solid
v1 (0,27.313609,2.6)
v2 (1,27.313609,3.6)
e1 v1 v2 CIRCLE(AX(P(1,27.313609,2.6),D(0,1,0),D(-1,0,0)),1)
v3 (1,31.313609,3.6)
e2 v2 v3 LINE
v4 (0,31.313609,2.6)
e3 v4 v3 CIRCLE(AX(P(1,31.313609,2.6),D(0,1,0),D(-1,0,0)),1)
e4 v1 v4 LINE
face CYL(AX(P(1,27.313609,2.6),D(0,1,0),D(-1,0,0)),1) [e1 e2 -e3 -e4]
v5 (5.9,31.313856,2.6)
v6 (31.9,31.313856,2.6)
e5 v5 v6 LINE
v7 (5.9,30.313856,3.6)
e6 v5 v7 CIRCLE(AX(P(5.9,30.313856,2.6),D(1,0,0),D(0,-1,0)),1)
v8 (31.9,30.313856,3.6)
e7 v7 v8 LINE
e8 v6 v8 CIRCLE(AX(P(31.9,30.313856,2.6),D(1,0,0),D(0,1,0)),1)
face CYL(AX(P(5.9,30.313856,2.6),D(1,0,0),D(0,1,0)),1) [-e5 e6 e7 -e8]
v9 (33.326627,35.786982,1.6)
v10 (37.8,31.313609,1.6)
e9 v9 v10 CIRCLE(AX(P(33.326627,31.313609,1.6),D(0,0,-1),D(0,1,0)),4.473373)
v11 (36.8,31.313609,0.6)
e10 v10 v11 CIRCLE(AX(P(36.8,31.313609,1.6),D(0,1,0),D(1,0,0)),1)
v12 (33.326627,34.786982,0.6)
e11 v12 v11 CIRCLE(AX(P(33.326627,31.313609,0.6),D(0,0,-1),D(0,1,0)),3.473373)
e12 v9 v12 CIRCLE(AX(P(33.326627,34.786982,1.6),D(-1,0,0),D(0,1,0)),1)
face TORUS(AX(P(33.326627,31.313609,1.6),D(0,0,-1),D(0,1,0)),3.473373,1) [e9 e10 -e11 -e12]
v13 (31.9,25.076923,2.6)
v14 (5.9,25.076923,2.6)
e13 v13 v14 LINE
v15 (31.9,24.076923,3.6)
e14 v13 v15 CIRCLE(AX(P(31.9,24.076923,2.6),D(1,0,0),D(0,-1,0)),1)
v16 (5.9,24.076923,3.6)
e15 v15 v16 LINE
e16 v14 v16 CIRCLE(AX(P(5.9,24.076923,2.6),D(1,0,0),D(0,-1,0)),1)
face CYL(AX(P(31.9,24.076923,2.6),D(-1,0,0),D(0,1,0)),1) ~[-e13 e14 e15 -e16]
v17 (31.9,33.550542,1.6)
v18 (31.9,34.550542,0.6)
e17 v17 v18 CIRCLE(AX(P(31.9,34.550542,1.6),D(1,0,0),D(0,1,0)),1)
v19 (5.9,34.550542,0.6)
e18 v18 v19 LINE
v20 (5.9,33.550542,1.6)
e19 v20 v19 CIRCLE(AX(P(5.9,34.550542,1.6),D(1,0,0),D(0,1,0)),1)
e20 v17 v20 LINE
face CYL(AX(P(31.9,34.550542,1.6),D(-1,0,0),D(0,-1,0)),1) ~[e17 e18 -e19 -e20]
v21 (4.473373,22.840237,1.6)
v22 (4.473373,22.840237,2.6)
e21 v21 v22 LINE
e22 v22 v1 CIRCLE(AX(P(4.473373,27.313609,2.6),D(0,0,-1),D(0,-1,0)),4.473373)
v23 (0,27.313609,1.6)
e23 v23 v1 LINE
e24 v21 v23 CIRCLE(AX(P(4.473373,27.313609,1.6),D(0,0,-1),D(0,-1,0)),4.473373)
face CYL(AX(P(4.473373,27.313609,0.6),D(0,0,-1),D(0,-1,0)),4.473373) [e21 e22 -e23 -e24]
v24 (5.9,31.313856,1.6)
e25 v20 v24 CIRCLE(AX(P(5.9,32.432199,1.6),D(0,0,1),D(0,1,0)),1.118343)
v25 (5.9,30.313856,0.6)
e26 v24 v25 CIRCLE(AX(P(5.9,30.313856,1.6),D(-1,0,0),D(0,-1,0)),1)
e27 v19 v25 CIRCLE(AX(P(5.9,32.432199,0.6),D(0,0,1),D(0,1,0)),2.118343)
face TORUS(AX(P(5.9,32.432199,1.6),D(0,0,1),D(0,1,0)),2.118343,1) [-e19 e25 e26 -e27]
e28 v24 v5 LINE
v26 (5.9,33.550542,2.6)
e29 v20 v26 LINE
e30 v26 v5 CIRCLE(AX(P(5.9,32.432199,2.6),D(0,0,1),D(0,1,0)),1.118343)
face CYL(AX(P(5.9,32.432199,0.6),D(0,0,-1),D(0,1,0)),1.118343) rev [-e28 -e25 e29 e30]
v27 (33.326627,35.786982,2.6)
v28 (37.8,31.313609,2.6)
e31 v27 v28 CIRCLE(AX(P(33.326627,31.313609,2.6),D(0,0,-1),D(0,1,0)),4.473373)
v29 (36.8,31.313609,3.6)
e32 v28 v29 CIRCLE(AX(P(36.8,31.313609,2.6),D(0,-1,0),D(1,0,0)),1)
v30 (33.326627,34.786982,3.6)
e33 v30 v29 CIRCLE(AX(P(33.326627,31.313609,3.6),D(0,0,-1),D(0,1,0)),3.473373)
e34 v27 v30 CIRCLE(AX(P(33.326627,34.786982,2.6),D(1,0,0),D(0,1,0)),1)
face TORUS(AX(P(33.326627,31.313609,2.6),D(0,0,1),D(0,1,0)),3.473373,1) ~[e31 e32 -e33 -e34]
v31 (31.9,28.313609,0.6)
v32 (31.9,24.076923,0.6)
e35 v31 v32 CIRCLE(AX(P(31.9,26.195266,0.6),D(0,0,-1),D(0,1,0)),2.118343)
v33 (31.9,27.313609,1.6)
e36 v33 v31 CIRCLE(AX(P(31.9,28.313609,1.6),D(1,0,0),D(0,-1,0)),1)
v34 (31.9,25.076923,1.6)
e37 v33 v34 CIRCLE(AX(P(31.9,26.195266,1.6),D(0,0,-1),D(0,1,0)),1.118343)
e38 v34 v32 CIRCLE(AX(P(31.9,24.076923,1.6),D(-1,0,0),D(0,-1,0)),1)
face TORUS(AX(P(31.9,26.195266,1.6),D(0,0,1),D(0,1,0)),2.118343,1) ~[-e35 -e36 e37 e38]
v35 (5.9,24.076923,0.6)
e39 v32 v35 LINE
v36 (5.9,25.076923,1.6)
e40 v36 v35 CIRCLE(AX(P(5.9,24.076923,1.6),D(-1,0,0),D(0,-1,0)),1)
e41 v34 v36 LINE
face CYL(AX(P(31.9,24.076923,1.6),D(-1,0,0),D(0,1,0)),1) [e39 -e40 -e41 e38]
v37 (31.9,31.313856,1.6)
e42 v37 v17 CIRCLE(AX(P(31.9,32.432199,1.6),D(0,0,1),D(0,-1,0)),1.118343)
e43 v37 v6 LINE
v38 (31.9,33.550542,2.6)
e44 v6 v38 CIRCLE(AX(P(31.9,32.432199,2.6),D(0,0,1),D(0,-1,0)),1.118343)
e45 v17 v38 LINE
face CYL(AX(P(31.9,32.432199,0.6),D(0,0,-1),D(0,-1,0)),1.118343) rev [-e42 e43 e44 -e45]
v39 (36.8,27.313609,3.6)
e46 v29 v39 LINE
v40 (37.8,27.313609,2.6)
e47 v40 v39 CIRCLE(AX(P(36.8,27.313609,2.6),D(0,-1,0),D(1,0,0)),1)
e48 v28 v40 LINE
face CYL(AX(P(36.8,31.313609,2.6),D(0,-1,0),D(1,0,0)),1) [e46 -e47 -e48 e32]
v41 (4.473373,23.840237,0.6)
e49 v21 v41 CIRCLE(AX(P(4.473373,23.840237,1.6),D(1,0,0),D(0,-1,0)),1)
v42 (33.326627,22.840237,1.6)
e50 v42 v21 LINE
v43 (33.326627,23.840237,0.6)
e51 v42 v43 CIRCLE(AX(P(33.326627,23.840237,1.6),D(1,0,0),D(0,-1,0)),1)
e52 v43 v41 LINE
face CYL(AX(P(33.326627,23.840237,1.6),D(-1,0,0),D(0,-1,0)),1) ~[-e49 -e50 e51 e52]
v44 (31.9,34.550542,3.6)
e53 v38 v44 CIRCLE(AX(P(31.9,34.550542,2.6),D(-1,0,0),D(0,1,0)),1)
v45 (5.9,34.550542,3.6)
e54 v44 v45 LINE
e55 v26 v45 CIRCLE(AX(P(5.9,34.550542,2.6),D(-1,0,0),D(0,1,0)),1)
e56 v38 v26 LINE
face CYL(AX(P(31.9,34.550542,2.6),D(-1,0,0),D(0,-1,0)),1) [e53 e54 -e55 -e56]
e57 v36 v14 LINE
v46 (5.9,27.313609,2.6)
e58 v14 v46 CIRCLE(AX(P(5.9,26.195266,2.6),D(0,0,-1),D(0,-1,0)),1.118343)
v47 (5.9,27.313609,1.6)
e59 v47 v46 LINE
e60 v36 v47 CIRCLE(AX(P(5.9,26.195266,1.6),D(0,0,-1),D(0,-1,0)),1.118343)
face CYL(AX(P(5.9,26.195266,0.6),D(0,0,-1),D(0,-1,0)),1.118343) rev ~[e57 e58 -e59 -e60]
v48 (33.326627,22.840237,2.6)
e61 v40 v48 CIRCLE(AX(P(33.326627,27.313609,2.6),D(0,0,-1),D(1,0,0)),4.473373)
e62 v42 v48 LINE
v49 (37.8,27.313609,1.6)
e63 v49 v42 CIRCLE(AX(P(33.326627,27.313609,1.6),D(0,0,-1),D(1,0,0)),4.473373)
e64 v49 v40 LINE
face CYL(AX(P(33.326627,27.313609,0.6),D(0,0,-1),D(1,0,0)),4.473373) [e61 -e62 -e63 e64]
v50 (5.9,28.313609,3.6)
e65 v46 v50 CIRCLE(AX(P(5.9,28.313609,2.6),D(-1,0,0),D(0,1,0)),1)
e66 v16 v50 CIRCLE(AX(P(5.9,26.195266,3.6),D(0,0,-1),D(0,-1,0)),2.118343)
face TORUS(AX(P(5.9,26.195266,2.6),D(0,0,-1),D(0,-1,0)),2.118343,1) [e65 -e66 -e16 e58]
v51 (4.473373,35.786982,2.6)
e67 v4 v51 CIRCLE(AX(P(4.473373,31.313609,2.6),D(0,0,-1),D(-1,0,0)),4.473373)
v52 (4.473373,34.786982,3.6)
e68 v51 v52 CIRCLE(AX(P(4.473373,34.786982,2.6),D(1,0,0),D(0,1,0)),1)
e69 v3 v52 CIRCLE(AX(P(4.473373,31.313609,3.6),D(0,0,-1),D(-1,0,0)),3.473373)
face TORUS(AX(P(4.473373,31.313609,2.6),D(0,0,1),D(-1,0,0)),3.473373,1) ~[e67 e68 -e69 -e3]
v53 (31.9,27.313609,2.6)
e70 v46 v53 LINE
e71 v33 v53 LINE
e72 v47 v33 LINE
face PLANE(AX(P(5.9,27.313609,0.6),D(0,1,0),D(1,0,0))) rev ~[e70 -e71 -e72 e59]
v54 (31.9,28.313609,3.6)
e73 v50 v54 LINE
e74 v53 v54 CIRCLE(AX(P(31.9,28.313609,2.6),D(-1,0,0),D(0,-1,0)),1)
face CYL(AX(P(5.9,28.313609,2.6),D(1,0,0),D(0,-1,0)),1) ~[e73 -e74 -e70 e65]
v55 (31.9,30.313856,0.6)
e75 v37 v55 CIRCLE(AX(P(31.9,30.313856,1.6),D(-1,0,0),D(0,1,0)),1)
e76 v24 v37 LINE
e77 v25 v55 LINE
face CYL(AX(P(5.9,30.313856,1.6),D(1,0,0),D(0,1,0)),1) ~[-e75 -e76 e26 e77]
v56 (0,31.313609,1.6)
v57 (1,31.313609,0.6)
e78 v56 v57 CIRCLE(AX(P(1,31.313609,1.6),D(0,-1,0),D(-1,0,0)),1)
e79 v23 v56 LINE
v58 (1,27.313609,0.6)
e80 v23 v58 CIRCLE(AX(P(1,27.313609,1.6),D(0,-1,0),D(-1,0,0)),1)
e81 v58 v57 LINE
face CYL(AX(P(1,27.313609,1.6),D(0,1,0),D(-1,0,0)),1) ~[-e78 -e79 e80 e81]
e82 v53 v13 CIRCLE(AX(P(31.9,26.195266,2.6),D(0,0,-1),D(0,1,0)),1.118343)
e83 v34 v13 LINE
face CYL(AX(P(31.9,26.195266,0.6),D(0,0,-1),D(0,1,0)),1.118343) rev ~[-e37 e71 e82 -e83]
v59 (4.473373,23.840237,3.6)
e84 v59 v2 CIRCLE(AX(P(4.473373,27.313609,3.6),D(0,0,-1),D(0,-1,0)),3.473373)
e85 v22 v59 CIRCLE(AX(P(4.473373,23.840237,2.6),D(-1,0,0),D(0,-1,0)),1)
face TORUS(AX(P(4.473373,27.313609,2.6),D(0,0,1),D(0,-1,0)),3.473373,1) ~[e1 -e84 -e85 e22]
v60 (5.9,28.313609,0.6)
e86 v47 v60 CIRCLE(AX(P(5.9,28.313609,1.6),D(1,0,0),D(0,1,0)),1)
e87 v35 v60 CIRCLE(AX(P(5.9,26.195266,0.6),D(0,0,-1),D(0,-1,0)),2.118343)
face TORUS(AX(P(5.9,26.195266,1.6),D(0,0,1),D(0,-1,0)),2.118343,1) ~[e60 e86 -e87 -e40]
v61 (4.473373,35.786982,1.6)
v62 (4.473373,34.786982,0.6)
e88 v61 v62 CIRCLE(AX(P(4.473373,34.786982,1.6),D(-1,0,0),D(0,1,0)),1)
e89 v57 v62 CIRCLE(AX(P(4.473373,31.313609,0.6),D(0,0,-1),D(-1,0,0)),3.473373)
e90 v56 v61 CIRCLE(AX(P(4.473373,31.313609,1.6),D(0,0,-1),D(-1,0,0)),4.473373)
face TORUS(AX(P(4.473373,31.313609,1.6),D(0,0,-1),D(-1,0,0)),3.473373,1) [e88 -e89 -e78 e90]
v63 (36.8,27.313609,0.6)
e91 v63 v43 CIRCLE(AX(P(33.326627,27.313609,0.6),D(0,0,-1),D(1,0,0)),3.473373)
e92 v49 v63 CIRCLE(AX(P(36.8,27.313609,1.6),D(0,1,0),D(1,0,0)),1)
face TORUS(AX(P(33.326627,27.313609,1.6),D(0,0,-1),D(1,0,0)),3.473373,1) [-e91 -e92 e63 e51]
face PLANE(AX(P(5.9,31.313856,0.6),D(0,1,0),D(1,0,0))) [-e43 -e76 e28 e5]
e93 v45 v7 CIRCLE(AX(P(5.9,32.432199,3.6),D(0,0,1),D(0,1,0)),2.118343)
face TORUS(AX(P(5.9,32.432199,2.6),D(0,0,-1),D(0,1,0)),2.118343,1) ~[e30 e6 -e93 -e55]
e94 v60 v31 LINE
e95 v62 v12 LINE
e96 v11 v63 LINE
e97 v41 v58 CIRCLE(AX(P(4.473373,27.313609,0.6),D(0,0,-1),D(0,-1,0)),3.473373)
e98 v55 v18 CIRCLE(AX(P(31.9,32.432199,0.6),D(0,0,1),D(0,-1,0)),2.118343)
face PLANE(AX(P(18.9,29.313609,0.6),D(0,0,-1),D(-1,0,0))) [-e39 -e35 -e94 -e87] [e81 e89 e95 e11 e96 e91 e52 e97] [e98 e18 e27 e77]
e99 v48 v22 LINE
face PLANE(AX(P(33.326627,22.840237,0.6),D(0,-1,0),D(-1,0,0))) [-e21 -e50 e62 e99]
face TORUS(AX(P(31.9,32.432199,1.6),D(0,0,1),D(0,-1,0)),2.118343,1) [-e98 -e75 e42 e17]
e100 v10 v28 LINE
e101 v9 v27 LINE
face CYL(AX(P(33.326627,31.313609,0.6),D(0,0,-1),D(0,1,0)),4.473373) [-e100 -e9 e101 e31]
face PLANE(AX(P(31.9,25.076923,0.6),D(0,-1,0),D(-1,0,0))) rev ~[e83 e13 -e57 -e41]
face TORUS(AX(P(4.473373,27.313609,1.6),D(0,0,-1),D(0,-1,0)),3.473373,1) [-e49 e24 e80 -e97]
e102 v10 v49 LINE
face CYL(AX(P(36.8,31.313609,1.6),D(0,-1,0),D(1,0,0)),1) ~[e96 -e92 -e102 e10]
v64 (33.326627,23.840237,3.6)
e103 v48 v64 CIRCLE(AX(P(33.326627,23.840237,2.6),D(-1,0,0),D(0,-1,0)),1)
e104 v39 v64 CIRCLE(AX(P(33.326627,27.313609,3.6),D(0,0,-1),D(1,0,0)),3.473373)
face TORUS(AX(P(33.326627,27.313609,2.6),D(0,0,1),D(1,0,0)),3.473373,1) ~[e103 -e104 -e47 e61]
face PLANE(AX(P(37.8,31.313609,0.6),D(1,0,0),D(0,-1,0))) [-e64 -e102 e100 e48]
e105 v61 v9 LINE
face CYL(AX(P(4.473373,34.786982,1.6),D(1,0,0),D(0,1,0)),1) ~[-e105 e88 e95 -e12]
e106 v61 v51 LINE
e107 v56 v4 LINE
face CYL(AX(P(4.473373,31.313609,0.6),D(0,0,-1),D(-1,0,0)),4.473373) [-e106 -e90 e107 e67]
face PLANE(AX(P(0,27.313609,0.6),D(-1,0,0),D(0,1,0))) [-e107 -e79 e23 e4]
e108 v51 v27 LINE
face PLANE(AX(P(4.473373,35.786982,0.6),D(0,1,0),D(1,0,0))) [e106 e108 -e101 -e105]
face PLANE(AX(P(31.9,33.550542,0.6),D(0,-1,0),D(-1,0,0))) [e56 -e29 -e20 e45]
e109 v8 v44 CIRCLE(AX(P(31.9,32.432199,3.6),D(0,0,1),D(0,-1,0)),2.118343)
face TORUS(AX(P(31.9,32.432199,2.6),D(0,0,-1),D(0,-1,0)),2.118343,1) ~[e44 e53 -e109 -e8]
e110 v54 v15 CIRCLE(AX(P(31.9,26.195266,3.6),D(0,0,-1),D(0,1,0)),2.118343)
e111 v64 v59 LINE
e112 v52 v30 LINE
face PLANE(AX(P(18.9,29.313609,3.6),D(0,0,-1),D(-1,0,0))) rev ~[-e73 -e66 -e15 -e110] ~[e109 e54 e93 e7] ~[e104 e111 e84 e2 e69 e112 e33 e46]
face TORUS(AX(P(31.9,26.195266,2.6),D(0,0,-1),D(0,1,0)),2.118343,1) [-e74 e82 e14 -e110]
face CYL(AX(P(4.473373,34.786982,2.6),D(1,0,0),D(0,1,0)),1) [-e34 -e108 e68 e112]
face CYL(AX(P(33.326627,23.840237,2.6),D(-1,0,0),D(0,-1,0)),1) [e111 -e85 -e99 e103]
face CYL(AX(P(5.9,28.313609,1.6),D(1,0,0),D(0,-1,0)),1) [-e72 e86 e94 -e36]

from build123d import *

# Parameters (mm, degrees)
BOSS_EXTRUDE1_DEPTH = 3
FILLET1_R           = 1


with BuildPart() as part:
    # Sketch1 → Boss-Extrude1 (new body)
    with BuildSketch(Plane(origin=(0, 0, 0.6), x_dir=(-1, 0, 0), z_dir=(0, 0, -1))):
        with BuildLine():
            Line((-4.473372781, 35.786982249), (-33.326627219, 35.786982249))
            ThreePointArc((-33.326627219, 35.786982249), (-36.489779447, 34.476761696), (-37.8, 31.313609467))
            Line((-37.8, 31.313609467), (-37.8, 27.313609467))
            ThreePointArc((-37.8, 27.313609467), (-36.489779447, 24.150457239), (-33.326627219, 22.840236686))
            Line((-33.326627219, 22.840236686), (-4.473372781, 22.840236686))
            ThreePointArc((-4.473372781, 22.840236686), (-1.310220553, 24.150457239), (0, 27.313609467))
            Line((0, 27.313609467), (0, 31.313609467))
            ThreePointArc((0, 31.313609467), (-1.310220553, 34.476761696), (-4.473372781, 35.786982249))
        make_face()
        with BuildLine():
            Line((-5.9, 27.313609467), (-31.9, 27.313609467))
            ThreePointArc((-31.9, 27.313609467), (-33.018343195, 26.195266272), (-31.9, 25.076923077))
            Line((-31.9, 25.076923077), (-5.9, 25.076923077))
            ThreePointArc((-5.9, 25.076923077), (-4.781656805, 26.195266272), (-5.9, 27.313609467))
        make_face(mode=Mode.SUBTRACT)
        with BuildLine():
            Line((-5.9, 31.31385603), (-31.9, 31.31385603))
            ThreePointArc((-31.9, 31.31385603), (-33.018343195, 32.432199225), (-31.9, 33.550542421))
            Line((-31.9, 33.550542421), (-5.9, 33.550542421))
            ThreePointArc((-5.9, 33.550542421), (-4.781656805, 32.432199225), (-5.9, 31.31385603))
        make_face(mode=Mode.SUBTRACT)
    extrude(amount=-BOSS_EXTRUDE1_DEPTH)

    # Fillet1
    fillet1_edges = [part.edges().sort_by_distance(p)[0] for p in [
        (36.489779447, 34.476761696, 3.6),
        (18.9, 35.786982249, 0.6),
        (1.310220553, 34.476761696, 0.6),
        (37.8, 29.313609467, 3.6),
        (36.489779447, 24.150457239, 3.6),
        (18.9, 22.840236686, 3.6),
        (1.310220553, 24.150457239, 3.6),
        (4.781656805, 26.195266272, 3.6),
        (18.9, 25.076923077, 3.6),
        (33.018343195, 26.195266272, 3.6),
        (18.9, 27.313609467, 3.6),
        (0, 29.313609467, 3.6),
        (4.781656805, 26.195266272, 0.6),
        (18.9, 27.313609467, 0.6),
        (33.018343195, 26.195266272, 0.6),
        (18.9, 25.076923077, 0.6),
        (4.781656805, 32.432199225, 3.6),
        (18.9, 31.31385603, 3.6),
        (33.018343195, 32.432199225, 3.6),
        (18.9, 33.550542421, 3.6),
        (4.781656805, 32.432199225, 0.6),
        (18.9, 33.550542421, 0.6),
        (33.018343195, 32.432199225, 0.6),
        (18.9, 31.31385603, 0.6),
        (1.310220553, 34.476761696, 3.6),
        (18.9, 35.786982249, 3.6),
        (0, 29.313609467, 0.6),
        (1.310220553, 24.150457239, 0.6),
        (18.9, 22.840236686, 0.6),
        (36.489779447, 24.150457239, 0.6),
        (37.8, 29.313609467, 0.6),
        (36.489779447, 34.476761696, 0.6),
    ]]
    fillet(fillet1_edges, radius=FILLET1_R)


solid = part.part
